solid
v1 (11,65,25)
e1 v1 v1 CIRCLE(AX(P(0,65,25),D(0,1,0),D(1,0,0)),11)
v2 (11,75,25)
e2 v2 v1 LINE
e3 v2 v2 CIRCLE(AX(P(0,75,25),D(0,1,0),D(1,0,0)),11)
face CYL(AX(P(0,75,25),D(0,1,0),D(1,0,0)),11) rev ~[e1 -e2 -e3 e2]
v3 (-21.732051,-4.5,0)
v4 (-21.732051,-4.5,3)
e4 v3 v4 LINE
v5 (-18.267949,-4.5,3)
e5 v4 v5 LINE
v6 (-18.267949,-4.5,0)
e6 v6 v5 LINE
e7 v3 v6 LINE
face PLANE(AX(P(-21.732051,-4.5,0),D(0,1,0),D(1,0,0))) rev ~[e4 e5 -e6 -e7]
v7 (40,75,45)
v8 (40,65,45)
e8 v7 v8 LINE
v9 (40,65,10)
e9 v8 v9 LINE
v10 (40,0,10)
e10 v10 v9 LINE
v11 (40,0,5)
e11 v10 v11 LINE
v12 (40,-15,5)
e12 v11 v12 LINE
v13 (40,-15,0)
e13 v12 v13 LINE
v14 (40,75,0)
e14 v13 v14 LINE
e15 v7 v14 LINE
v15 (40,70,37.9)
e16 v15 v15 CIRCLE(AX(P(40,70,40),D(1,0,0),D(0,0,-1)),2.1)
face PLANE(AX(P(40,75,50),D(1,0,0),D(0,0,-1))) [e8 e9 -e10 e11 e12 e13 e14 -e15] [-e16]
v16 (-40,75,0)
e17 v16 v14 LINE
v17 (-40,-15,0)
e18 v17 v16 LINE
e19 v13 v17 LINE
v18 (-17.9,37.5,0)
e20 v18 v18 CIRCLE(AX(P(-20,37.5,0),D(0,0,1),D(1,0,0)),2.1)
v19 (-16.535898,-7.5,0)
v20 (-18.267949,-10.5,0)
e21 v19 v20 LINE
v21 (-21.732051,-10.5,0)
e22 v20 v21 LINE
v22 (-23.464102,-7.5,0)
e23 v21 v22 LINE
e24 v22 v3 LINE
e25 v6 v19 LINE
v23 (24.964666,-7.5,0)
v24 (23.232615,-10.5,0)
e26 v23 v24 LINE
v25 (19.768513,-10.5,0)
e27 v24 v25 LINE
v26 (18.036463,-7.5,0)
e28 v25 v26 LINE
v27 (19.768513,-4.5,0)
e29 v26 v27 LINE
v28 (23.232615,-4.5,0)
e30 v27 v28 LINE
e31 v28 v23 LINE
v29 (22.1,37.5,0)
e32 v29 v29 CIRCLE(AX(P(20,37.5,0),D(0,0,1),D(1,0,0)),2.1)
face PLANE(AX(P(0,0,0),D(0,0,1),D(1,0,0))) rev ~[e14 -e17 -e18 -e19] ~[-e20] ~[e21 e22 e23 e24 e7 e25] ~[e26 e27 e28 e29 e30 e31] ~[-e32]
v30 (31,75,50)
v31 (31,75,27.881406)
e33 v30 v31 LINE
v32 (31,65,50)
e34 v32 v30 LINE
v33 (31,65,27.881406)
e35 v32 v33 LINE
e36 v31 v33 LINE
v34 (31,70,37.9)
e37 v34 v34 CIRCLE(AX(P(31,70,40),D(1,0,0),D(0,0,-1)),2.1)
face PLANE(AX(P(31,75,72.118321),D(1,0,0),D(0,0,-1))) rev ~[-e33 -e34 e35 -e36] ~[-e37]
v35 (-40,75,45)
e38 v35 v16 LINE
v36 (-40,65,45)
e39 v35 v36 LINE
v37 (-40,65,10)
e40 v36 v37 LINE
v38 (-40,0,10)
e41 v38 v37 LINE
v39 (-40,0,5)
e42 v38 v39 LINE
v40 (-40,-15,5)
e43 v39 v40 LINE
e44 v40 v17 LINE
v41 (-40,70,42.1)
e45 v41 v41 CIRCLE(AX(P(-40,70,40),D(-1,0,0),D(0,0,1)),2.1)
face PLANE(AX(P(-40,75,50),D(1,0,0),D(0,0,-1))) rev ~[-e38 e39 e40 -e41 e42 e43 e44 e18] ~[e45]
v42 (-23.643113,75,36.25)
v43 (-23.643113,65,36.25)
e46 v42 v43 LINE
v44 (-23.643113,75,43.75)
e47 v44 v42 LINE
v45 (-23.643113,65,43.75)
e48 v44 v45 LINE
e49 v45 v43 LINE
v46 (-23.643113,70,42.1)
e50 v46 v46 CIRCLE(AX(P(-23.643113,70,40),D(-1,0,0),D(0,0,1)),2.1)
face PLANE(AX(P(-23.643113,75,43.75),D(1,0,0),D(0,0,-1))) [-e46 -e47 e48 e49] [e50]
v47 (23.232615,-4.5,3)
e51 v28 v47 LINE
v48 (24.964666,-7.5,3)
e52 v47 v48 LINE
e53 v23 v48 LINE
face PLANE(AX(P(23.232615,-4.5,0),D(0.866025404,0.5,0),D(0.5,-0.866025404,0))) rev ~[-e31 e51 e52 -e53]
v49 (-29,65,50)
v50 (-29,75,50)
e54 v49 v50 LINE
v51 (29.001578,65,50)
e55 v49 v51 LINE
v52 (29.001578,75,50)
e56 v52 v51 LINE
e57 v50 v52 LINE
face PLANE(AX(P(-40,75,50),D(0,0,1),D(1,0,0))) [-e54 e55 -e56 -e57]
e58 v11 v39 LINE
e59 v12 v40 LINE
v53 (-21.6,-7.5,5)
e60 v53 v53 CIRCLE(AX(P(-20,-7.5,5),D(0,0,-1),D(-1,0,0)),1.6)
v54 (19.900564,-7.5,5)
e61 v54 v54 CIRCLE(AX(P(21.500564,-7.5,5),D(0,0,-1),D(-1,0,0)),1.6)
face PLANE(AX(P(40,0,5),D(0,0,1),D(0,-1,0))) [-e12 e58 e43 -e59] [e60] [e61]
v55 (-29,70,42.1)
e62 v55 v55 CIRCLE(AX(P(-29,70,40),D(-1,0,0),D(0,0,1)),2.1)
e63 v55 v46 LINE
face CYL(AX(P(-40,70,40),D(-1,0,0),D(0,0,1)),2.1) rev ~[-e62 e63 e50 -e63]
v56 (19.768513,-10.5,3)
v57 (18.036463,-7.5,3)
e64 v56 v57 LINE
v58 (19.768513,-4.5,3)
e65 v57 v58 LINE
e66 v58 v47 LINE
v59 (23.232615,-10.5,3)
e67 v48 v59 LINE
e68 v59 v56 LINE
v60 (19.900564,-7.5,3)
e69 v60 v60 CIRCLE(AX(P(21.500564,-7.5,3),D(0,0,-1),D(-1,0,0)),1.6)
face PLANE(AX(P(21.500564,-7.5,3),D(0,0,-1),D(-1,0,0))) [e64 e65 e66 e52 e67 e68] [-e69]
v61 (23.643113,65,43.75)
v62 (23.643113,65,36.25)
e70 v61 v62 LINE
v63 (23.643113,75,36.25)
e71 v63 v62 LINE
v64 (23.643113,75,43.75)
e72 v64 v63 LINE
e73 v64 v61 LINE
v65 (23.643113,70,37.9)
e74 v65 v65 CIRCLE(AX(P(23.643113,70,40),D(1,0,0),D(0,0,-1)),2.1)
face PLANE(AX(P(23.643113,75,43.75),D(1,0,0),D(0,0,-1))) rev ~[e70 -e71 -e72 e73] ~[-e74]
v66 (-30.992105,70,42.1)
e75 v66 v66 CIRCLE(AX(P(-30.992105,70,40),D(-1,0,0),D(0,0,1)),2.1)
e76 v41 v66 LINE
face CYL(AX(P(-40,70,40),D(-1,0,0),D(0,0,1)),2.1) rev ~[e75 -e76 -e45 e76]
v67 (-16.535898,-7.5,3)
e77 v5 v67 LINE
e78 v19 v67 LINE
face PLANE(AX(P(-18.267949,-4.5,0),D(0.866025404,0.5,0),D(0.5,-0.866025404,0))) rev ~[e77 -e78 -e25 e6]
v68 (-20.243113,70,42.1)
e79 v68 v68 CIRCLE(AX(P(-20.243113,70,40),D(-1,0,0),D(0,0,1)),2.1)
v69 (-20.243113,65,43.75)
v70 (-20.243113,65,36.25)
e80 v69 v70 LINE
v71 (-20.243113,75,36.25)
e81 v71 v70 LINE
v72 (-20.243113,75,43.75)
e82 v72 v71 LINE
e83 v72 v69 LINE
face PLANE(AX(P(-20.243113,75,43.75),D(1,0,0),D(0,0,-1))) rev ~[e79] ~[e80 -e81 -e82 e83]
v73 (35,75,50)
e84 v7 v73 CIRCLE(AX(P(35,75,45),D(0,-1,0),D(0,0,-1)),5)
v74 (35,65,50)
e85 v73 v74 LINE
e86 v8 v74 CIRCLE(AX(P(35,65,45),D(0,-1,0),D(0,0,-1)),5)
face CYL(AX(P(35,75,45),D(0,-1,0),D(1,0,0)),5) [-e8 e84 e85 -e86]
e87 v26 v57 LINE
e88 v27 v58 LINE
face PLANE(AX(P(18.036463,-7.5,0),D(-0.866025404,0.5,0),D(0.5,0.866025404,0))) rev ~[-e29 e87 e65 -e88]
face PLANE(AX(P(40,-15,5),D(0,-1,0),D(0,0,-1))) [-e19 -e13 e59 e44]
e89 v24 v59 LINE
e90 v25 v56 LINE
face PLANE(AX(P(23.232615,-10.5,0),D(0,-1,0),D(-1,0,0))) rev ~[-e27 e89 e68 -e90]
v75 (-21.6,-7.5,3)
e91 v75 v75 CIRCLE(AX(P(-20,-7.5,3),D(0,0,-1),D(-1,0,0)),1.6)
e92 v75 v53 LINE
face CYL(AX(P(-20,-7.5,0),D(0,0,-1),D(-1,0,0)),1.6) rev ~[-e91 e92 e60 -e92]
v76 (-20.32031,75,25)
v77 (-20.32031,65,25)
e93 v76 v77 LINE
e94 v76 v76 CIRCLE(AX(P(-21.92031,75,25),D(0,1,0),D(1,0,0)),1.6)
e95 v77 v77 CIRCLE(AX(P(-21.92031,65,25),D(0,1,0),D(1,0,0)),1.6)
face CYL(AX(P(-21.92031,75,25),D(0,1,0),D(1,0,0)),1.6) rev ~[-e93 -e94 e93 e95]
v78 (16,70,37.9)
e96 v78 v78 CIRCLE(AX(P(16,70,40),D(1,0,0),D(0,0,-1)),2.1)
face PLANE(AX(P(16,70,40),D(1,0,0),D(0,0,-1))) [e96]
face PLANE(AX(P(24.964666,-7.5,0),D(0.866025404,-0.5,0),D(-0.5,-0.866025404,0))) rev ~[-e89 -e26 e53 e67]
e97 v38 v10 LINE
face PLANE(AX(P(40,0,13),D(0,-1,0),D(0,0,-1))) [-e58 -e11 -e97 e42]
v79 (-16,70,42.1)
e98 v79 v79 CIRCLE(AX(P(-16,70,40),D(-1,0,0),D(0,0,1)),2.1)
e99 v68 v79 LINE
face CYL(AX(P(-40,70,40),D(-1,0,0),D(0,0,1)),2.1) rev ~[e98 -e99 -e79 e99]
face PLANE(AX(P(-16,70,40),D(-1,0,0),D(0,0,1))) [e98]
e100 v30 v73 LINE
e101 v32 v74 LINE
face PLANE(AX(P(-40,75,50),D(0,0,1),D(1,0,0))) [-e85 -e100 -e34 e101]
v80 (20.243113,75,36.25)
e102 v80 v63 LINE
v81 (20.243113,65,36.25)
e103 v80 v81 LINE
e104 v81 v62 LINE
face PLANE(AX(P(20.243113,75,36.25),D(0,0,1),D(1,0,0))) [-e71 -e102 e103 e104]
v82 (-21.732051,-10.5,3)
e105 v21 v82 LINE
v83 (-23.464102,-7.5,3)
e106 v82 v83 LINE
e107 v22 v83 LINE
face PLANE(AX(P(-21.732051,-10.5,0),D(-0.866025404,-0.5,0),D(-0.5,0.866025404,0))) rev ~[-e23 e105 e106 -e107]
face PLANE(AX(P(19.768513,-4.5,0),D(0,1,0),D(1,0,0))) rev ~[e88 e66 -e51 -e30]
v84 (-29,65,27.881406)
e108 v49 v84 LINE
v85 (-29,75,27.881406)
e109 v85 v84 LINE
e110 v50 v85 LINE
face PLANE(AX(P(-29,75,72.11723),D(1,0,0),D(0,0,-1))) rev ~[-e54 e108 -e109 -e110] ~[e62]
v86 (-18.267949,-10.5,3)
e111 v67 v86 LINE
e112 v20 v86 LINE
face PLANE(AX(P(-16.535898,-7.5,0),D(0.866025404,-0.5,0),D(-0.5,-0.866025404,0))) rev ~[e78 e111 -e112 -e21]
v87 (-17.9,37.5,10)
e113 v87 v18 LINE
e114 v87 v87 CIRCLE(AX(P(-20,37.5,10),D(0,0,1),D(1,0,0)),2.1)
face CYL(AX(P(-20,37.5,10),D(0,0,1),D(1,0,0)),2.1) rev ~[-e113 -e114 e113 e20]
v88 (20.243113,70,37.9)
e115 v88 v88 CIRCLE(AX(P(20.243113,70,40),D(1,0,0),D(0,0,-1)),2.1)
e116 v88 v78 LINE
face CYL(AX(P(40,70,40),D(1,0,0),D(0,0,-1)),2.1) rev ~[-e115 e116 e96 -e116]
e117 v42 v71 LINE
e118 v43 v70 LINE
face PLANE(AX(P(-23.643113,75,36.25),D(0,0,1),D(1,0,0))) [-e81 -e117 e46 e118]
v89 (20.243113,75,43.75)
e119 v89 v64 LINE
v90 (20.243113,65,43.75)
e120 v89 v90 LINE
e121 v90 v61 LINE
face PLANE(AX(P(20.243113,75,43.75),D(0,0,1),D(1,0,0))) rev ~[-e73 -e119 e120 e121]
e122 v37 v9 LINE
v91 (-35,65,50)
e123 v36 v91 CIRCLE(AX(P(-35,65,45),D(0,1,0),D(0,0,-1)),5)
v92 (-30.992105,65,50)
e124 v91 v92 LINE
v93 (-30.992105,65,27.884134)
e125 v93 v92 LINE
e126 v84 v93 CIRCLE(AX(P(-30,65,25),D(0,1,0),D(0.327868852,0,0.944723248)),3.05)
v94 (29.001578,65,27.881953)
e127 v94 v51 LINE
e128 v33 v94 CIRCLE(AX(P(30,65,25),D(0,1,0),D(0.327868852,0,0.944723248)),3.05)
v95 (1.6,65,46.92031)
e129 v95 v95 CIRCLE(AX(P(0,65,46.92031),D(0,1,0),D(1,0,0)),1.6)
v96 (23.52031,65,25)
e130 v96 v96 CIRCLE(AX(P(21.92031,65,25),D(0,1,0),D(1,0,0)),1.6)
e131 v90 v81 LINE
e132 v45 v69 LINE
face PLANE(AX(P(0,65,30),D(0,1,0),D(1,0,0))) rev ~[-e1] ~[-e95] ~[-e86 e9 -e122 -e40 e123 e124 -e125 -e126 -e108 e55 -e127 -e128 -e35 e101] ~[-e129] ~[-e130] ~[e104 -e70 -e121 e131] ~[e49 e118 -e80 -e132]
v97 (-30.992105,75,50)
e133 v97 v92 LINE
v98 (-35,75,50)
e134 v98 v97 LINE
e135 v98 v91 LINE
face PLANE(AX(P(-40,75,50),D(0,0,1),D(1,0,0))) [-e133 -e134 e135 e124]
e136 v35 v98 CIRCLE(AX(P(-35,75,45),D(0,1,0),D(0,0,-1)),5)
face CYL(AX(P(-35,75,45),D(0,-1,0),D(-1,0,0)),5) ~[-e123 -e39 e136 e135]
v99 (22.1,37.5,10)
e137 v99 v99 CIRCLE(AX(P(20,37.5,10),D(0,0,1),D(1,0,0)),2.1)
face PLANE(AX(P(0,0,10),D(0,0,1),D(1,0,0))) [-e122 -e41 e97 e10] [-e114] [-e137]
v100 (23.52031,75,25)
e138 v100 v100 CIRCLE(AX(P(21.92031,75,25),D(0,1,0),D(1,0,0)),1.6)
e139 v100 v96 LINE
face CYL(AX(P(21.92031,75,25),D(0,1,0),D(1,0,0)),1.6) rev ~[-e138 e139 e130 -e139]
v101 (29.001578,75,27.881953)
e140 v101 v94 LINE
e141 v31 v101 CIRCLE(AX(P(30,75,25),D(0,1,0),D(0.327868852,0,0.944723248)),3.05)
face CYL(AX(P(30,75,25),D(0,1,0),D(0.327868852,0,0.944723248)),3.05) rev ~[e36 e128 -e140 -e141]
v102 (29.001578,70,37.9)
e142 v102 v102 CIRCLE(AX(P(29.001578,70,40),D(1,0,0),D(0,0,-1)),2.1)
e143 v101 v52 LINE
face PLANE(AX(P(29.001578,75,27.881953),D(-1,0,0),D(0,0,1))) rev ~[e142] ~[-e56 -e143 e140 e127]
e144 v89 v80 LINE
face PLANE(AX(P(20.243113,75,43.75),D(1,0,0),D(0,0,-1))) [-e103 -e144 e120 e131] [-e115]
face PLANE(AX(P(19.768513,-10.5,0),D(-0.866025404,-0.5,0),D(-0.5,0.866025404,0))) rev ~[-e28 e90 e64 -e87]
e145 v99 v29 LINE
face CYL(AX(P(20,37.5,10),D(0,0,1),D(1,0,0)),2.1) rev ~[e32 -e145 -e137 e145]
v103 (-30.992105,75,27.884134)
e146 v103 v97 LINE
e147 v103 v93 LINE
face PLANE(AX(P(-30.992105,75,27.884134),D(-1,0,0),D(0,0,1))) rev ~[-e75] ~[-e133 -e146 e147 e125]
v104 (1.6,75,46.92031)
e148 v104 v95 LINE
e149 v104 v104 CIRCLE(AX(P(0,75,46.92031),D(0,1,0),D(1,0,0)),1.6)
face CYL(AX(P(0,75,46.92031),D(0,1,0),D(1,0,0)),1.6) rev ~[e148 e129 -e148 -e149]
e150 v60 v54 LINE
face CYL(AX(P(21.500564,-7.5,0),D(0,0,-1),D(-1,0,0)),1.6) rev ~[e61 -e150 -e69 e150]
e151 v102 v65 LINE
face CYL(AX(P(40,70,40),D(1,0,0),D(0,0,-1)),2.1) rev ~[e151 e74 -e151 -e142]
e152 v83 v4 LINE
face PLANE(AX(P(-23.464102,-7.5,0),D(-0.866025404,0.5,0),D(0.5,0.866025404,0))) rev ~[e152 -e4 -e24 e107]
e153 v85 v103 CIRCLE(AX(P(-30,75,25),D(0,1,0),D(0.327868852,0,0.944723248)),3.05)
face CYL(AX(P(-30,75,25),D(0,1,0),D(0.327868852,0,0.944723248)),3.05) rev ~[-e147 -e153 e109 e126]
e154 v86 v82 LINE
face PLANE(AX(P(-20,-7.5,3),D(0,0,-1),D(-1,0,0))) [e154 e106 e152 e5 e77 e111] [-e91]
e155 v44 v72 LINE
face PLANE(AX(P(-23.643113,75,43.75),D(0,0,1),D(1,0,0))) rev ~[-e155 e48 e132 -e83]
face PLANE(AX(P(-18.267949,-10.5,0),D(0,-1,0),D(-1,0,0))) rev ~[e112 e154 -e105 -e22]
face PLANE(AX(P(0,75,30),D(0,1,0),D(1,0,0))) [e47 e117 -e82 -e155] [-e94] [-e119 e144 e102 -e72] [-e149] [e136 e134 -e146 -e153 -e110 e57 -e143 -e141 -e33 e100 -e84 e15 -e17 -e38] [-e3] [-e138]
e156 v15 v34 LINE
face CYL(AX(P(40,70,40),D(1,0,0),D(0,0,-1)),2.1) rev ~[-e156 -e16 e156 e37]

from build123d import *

# Parameters (mm, degrees)
SKETCH_1_W           = 80
SKETCH_1_H           = 150
EXTRUDE_1_DEPTH      = 10
SKETCH_4_R           = 11.25
EXTRUDE_3_DEPTH      = 10
SKETCH_5_R           = 11.25
SKETCH_5_R_2         = 5
EXTRUDE_4_DEPTH      = 4
SKETCH_6_R           = 2.1
CUT_EXTRUDE_1_DEPTH  = 24
SKETCH_7_W           = 3.4
SKETCH_7_H           = 7.5
CUT_EXTRUDE_2_DEPTH  = 24
SKETCH_8_R           = 2.1
CUT_EXTRUDE_3_DEPTH  = 24
SKETCH_9_W           = 80
SKETCH_9_H           = 40
SKETCH_9_R           = 11
SKETCH_9_R_2         = 1.6
EXTRUDE_5_DEPTH      = 10
FILLET_1_R           = 5
SKETCH_10_W          = 3.4
SKETCH_10_H          = 7.5
CUT_EXTRUDE_5_DEPTH  = 10
SKETCH_11_R          = 2.1
CUT_EXTRUDE_6_DEPTH  = 24
SKETCH_12_R          = 2.1
CUT_EXTRUDE_7_DEPTH  = 24
SKETCH_14_W          = 4
SKETCH_14_H          = 2
CUT_EXTRUDE_9_DEPTH  = 10
SKETCH_16_R          = 2.1
CUT_EXTRUDE_10_DEPTH = 11
CUT_EXTRUDE_12_DEPTH = 81
CUT_EXTRUDE_13_DEPTH = 3
SKETCH_20_R          = 1.6
CUT_EXTRUDE_15_DEPTH = 20


with BuildPart() as part:
    # 草圖1 → 填料-伸長1 (new body)
    with BuildSketch(Plane.XY):
        Rectangle(SKETCH_1_W, SKETCH_1_H)
    extrude(amount=EXTRUDE_1_DEPTH)

    # 草圖4 → 填料-伸長3 (add)
    with BuildSketch(Plane.XZ.offset(75)):
        with BuildLine():
            ThreePointArc((-6, 49), (0, 43), (6, 49))
            Line((6, 49), (6, 50))
            Line((6, 50), (29, 50))
            Line((29, 50), (29, 27.881405907))
            ThreePointArc((29, 27.881405907), (30, 21.95), (31, 27.881405907))
            Line((31, 27.881405907), (31, 50))
            Line((31, 50), (40, 50))
            Line((40, 50), (40, 10))
            Line((40, 10), (-40, 10))
            Line((-40, 10), (-40, 50))
            Line((-40, 50), (-31, 50))
            Line((-31, 50), (-31, 27.881405907))
            ThreePointArc((-31, 27.881405907), (-30, 21.95), (-29, 27.881405907))
            Line((-29, 27.881405907), (-29, 50))
            Line((-29, 50), (-6, 50))
            Line((-6, 50), (-6, 49))
        make_face()
        with Locations((0, 25)):
            Circle(SKETCH_4_R, mode=Mode.SUBTRACT)
    extrude(amount=-EXTRUDE_3_DEPTH)

    # 草圖5 → 填料-伸長4 (add)
    with BuildSketch(Plane.XZ.offset(75)):
        with Locations((0, 25)):
            Circle(SKETCH_5_R)
        with Locations((0, 25)):
            Circle(SKETCH_5_R_2, mode=Mode.SUBTRACT)
    extrude(amount=-EXTRUDE_4_DEPTH)

    # 草圖6 → 除料-伸長1 (cut)
    with BuildSketch(Plane(origin=(40, 0, 0), x_dir=(0, 0, -1), z_dir=(1, 0, 0))):
        with Locations((-40, -70)):
            Circle(SKETCH_6_R)
    extrude(amount=-CUT_EXTRUDE_1_DEPTH, mode=Mode.SUBTRACT)

    # 草圖7 → 除料-伸長2 (cut)
    with BuildSketch(Plane.XZ.offset(75)):
        with Locations((-21.943112787, 40)):
            Rectangle(SKETCH_7_W, SKETCH_7_H)
        with Locations((21.943112787, 40)):
            Rectangle(SKETCH_7_W, SKETCH_7_H)
    extrude(amount=-CUT_EXTRUDE_2_DEPTH, mode=Mode.SUBTRACT)

    # 草圖8 → 除料-伸長3 (cut)
    with BuildSketch(Plane.ZY.offset(40)):
        with Locations((40, -70)):
            Circle(SKETCH_8_R)
    extrude(amount=-CUT_EXTRUDE_3_DEPTH, mode=Mode.SUBTRACT)

    # 草圖9 → 填料-伸長5 (add)
    with BuildSketch(Plane(origin=(0, 75, 0), x_dir=(1, 0, 0), z_dir=(0, 1, 0))):
        with Locations((0, -30)):
            Rectangle(SKETCH_9_W, SKETCH_9_H)
        with Locations((0, -25)):
            Circle(SKETCH_9_R, mode=Mode.SUBTRACT)
        with Locations((-21.920310217, -25)):
            Circle(SKETCH_9_R_2, mode=Mode.SUBTRACT)
        with Locations((0, -46.920310217)):
            Circle(SKETCH_9_R_2, mode=Mode.SUBTRACT)
        with Locations((21.920310217, -25)):
            Circle(SKETCH_9_R_2, mode=Mode.SUBTRACT)
    extrude(amount=-EXTRUDE_5_DEPTH)

    # 圓角1
    fillet_1_edges = [part.edges().sort_by_distance(p)[0] for p in [
        (40, 70, 50),
        (-40, 70, 50),
        (40, -70, 50),
        (-40, -70, 50),
    ]]
    fillet(fillet_1_edges, radius=FILLET_1_R)

    # 草圖10 → 除料-伸長5 (cut)
    with BuildSketch(Plane(origin=(0, 75, 0), x_dir=(1, 0, 0), z_dir=(0, 1, 0))):
        with BuildLine():
            Line((-30.992105359, -72.117230176), (-29, -72.117230176))
            Line((-29, -72.117230176), (-29, -27.881405907))
            ThreePointArc((-29, -27.881405907), (-30.004176302, -21.950002859), (-30.992105359, -27.884133658))
            Line((-30.992105359, -27.884133658), (-30.992105359, -72.117230176))
        make_face()
        with BuildLine():
            Line((29.001577897, -72.118320527), (31, -72.118320527))
            Line((31, -72.118320527), (31, -27.881405907))
            ThreePointArc((31, -27.881405907), (29.999164969, -21.950000114), (29.001577897, -27.881953036))
            Line((29.001577897, -27.881953036), (29.001577897, -72.118320527))
        make_face()
        with Locations((-21.943112787, -40)):
            Rectangle(SKETCH_10_W, SKETCH_10_H)
        with Locations((21.943112787, -40)):
            Rectangle(SKETCH_10_W, SKETCH_10_H)
    extrude(amount=-CUT_EXTRUDE_5_DEPTH, mode=Mode.SUBTRACT)

    # 草圖11 → 除料-伸長6 (cut)
    with BuildSketch(Plane(origin=(40, 0, 0), x_dir=(0, 0, -1), z_dir=(1, 0, 0))):
        with Locations((-40, 70)):
            Circle(SKETCH_11_R)
    extrude(amount=-CUT_EXTRUDE_6_DEPTH, mode=Mode.SUBTRACT)

    # 草圖12 → 除料-伸長7 (cut)
    with BuildSketch(Plane.ZY.offset(40)):
        with Locations((40, 70)):
            Circle(SKETCH_12_R)
    extrude(amount=-CUT_EXTRUDE_7_DEPTH, mode=Mode.SUBTRACT)

    # 草圖14 → 除料-伸長9 (cut)
    with BuildSketch(Plane.XZ.offset(75)):
        with Locations((-12, 46)):
            Rectangle(SKETCH_14_W, SKETCH_14_H)
        with Locations((12, 46)):
            Rectangle(SKETCH_14_W, SKETCH_14_H)
    extrude(amount=-CUT_EXTRUDE_9_DEPTH, mode=Mode.SUBTRACT)

    # 草圖16 → 除料-伸長10 (cut, through all)
    with BuildSketch(Plane.XY.offset(10)):
        with Locations((-20, 37.5)):
            Circle(SKETCH_16_R)
        with Locations((20, 37.5)):
            Circle(SKETCH_16_R)
        with Locations((20, -37.5)):
            Circle(SKETCH_16_R)
        with Locations((-20, -37.5)):
            Circle(SKETCH_16_R)
    extrude(amount=-CUT_EXTRUDE_10_DEPTH, mode=Mode.SUBTRACT)

    # 草圖17 → 除料-伸長12 (cut, through all)
    with BuildSketch(Plane(origin=(40, 0, 0), x_dir=(0, 0, -1), z_dir=(1, 0, 0))):
        Polygon((-10, -15), (-13, -15), (-13, 0), (-5, 0), (-5, -15), (0, -15), (0, -75), (-50, -75), (-50, -65), (-10, -65), align=None)
    extrude(amount=-CUT_EXTRUDE_12_DEPTH, mode=Mode.SUBTRACT)

    # 草圖19 → 除料-伸長13 (cut)
    with BuildSketch(Plane(origin=(0, 0, 0), x_dir=(-1, 0, 0), z_dir=(0, 0, -1))):
        Polygon((-18.036462654, -7.5), (-19.768513462, -4.5), (-23.232615077, -4.5), (-24.964665884, -7.5), (-23.232615077, -10.5), (-19.768513462, -10.5), align=None)
        Polygon((23.464101615, -7.5), (21.732050808, -4.5), (18.267949192, -4.5), (16.535898385, -7.5), (18.267949192, -10.5), (21.732050808, -10.5), align=None)
    extrude(amount=-CUT_EXTRUDE_13_DEPTH, mode=Mode.SUBTRACT)

    # 草圖20 → 除料-伸長15 (cut)
    with BuildSketch(Plane(origin=(0, 0, 0), x_dir=(-1, 0, 0), z_dir=(0, 0, -1))):
        with Locations((-21.500564269, -7.5)):
            Circle(SKETCH_20_R)
        with Locations((20, -7.5)):
            Circle(SKETCH_20_R)
    extrude(amount=-CUT_EXTRUDE_15_DEPTH, mode=Mode.SUBTRACT)


solid = part.part
